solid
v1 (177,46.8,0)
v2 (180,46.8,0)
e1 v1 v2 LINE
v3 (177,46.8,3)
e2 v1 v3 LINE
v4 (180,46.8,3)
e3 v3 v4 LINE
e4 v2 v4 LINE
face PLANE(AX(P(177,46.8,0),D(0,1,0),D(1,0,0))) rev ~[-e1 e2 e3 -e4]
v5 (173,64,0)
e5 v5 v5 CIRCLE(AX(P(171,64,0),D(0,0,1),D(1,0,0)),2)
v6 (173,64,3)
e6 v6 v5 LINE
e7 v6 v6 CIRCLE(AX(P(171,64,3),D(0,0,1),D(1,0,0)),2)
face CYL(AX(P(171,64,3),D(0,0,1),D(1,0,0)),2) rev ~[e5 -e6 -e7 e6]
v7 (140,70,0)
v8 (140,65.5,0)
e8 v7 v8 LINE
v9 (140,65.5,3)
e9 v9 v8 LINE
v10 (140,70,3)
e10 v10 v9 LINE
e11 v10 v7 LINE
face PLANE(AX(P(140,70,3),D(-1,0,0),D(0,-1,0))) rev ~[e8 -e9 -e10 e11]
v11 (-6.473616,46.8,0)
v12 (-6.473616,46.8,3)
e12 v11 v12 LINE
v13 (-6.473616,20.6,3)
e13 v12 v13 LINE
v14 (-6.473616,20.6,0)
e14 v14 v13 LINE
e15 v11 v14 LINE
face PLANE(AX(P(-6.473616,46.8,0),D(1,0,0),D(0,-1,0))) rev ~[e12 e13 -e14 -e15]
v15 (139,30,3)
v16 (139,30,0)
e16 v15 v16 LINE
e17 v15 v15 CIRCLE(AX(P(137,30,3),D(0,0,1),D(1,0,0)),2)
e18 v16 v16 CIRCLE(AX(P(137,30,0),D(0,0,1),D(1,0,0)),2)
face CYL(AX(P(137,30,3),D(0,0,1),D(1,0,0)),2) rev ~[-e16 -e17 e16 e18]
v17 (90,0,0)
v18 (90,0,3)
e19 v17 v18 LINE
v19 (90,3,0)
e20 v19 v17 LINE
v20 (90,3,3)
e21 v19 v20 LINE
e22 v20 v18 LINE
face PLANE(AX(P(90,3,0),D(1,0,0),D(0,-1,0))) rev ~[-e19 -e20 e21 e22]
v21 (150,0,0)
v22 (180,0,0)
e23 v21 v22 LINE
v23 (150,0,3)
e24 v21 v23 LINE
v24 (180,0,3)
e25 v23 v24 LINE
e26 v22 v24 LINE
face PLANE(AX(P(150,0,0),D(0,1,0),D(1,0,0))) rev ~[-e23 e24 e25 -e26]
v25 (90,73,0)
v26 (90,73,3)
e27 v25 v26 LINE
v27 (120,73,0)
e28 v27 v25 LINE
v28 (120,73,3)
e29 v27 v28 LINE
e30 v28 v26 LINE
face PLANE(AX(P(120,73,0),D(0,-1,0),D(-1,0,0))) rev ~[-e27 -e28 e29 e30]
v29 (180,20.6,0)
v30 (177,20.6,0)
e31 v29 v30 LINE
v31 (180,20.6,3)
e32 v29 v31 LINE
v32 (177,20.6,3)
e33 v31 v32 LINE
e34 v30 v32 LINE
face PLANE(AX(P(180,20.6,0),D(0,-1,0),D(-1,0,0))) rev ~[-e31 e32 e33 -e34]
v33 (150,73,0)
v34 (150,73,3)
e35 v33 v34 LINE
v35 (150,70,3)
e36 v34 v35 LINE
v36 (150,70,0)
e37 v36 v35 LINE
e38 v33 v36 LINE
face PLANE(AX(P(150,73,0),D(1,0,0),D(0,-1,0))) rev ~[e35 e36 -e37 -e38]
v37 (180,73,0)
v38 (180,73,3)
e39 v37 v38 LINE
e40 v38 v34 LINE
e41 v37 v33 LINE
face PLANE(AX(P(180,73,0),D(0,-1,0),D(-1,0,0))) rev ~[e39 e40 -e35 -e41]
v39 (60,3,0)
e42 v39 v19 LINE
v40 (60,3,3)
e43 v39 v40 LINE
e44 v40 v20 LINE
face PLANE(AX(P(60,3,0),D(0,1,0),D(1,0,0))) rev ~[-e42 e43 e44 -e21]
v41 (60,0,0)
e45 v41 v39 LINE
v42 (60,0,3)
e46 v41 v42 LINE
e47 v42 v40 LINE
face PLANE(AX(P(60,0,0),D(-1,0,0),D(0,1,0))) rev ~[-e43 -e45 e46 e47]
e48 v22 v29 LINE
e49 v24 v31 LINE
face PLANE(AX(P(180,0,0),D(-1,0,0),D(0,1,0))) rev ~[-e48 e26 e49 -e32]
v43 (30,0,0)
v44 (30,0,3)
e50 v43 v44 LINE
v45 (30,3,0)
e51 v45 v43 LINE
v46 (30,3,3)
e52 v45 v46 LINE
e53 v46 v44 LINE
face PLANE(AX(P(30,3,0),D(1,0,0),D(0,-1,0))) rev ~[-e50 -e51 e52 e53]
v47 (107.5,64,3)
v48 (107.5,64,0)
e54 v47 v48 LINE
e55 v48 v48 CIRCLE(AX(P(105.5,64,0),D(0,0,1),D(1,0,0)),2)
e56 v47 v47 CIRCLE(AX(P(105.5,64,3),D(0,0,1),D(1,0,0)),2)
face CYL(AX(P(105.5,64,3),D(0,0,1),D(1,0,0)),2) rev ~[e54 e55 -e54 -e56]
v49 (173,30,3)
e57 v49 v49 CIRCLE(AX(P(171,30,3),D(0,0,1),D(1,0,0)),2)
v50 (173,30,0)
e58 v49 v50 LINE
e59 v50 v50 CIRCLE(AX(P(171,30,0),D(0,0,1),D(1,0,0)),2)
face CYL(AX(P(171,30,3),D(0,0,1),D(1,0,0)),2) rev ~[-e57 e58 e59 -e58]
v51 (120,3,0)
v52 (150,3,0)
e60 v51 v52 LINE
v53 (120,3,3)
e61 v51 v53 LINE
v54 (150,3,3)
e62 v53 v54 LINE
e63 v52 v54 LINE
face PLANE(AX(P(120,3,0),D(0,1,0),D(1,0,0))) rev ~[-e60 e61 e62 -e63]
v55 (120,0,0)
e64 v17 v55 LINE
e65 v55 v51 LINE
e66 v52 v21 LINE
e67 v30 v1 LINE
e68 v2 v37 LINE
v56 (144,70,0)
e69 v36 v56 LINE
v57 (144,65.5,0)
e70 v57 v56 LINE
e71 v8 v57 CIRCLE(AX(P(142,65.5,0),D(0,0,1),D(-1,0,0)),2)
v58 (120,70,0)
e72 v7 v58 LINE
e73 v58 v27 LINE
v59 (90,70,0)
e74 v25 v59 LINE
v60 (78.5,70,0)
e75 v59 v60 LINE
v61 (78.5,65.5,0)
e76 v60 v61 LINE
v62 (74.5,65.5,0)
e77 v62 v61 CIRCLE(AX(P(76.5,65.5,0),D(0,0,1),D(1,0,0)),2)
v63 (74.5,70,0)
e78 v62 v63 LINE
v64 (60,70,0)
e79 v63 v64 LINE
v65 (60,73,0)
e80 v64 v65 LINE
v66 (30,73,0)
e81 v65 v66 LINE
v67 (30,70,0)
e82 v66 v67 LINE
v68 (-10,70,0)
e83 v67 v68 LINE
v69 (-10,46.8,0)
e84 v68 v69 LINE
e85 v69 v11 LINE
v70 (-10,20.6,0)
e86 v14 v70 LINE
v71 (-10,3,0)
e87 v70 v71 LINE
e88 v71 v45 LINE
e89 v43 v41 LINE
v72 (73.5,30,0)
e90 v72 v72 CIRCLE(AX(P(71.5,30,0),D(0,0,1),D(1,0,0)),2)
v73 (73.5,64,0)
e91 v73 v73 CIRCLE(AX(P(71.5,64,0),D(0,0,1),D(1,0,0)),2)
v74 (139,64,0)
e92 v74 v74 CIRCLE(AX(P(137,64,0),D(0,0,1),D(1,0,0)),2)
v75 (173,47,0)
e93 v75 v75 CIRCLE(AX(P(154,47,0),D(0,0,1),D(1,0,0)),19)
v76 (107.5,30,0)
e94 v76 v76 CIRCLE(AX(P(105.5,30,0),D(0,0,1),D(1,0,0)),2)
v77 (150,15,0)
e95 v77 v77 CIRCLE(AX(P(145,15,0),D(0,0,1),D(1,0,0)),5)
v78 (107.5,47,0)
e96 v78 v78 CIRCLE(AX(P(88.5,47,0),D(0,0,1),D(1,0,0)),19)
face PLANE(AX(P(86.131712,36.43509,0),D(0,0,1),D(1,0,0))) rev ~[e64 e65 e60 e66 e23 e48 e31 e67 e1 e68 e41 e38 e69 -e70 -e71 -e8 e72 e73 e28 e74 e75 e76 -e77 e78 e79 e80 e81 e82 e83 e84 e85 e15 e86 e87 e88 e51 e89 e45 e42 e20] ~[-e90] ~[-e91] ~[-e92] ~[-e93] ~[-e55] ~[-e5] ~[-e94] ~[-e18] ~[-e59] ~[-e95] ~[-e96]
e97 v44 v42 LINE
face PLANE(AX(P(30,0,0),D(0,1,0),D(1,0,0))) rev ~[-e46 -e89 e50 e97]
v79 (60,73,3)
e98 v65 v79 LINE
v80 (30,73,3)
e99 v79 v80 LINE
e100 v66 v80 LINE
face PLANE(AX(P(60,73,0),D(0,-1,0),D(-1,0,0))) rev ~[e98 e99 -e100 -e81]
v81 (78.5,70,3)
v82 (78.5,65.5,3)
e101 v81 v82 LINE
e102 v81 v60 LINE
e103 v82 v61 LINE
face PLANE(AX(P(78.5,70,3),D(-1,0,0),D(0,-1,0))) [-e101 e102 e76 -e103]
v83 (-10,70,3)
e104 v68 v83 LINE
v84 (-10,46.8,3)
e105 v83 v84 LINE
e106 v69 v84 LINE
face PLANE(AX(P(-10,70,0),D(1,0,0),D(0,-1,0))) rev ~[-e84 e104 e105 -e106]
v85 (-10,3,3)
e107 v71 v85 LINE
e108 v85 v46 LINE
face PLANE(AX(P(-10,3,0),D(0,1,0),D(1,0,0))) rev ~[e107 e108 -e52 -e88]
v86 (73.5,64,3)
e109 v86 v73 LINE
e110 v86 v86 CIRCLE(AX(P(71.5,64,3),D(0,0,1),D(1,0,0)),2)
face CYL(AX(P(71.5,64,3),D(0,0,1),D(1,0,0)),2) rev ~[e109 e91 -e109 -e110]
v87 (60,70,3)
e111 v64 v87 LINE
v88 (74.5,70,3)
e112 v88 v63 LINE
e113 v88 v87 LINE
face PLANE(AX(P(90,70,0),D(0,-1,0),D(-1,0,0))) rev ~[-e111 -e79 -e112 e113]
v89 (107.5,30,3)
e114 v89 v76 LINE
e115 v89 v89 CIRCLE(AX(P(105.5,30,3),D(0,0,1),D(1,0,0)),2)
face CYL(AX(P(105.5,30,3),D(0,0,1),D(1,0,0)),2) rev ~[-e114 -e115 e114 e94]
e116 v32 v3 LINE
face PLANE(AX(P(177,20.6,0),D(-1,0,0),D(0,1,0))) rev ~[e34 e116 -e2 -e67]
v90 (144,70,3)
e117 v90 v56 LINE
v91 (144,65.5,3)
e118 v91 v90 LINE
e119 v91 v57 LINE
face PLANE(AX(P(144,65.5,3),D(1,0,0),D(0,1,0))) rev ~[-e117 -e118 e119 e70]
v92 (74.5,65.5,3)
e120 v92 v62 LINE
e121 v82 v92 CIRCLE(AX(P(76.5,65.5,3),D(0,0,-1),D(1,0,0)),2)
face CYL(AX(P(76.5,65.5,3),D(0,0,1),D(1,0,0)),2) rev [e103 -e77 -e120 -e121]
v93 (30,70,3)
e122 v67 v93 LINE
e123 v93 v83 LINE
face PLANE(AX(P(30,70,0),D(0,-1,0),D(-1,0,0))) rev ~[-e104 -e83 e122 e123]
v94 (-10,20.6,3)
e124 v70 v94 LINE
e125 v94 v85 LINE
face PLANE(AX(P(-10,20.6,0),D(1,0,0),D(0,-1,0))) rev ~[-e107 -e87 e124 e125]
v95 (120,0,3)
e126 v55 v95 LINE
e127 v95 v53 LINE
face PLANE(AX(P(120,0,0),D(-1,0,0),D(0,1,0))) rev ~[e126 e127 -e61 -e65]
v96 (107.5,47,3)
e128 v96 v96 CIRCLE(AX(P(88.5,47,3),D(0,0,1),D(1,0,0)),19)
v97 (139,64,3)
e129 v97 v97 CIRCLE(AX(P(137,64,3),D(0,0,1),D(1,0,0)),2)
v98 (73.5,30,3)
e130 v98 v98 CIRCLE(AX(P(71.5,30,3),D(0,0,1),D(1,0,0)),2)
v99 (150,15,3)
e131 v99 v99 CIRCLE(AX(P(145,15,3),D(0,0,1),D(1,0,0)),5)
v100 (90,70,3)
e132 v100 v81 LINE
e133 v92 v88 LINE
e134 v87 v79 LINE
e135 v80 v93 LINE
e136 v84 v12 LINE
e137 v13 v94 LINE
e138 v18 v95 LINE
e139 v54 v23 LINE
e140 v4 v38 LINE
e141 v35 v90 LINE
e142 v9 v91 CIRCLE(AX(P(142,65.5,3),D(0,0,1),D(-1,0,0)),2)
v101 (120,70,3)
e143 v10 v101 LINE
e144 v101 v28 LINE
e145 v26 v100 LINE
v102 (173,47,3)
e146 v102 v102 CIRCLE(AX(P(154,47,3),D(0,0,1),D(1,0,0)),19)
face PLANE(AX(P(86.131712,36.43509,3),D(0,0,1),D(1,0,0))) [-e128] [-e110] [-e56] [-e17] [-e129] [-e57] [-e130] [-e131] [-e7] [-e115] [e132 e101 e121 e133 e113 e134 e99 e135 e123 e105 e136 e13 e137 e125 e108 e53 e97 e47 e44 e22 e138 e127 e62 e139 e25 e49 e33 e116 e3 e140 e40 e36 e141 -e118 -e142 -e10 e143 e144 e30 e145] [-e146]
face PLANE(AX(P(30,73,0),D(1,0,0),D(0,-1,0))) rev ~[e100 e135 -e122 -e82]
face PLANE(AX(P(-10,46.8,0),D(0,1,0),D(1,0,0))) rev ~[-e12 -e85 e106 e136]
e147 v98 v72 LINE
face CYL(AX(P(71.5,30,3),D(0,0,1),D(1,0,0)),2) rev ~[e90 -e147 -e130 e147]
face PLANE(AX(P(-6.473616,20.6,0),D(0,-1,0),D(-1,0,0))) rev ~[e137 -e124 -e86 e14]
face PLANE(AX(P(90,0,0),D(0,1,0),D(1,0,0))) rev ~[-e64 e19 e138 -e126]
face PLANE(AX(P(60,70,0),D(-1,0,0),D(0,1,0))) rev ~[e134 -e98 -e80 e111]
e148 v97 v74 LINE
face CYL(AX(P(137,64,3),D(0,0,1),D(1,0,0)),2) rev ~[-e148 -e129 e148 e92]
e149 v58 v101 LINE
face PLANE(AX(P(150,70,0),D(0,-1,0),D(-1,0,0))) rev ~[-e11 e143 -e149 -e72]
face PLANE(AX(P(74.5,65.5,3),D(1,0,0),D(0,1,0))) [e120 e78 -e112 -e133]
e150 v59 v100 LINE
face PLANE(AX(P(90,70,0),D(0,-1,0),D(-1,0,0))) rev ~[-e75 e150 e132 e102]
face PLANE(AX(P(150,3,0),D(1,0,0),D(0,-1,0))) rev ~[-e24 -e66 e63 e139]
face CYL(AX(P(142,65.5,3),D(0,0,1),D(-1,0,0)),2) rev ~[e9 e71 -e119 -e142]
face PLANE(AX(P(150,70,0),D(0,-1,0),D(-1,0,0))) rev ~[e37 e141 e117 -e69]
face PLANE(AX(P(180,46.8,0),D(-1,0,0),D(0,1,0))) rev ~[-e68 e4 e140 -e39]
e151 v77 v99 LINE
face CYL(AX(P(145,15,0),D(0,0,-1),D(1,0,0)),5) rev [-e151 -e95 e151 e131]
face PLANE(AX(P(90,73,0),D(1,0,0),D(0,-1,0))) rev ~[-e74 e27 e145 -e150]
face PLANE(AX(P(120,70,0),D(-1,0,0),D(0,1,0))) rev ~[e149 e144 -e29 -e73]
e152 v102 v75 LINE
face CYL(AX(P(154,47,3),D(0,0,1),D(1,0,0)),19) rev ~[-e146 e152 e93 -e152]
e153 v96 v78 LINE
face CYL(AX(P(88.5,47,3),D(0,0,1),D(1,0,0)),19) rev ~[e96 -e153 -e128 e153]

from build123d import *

# Parameters (mm, degrees)
SKETCH1_R           = 5
BOSS_EXTRUDE1_DEPTH = 3
SKETCH2_R           = 2
SKETCH2_R_2         = 19
SKETCH2_W           = 4
SKETCH2_H           = 3
CUT_EXTRUDE1_DEPTH  = 10


with BuildPart() as part:
    # Sketch1 → Boss-Extrude1 (new body)
    with BuildSketch(Plane.XY):
        Polygon((30, 70), (0, 70), (-10, 70), (-10, 46.8), (-6.473616306, 46.8), (-6.473616306, 20.6), (-10, 20.6), (-10, 3), (0, 3), (30, 3), (30, 0), (60, 0), (60, 3), (90, 3), (90, 0), (120, 0), (120, 3), (150, 3), (150, 0), (180, 0), (180, 20.6), (177, 20.6), (177, 46.8), (180, 46.8), (180, 73), (150, 73), (150, 70), (120, 70), (120, 73), (90, 73), (90, 70), (60, 70), (60, 73), (30, 73), align=None)
        with Locations((145, 15)):
            Circle(SKETCH1_R, mode=Mode.SUBTRACT)
    extrude(amount=BOSS_EXTRUDE1_DEPTH)

    # Sketch2 → Cut-Extrude1 (cut)
    with BuildSketch(Plane.XY.offset(3)):
        with Locations((105.5, 64)):
            Circle(SKETCH2_R)
        with Locations((154, 47)):
            Circle(SKETCH2_R_2)
        with Locations((88.5, 47)):
            Circle(SKETCH2_R_2)
        with Locations((142, 68.5)):
            Rectangle(SKETCH2_W, SKETCH2_H)
        with BuildLine():
            Line((144, 67), (140, 67))
            Line((140, 67), (140, 65.5))
            ThreePointArc((140, 65.5), (142, 63.5), (144, 65.5))
            Line((144, 65.5), (144, 67))
        make_face()
        with Locations((71.5, 64)):
            Circle(SKETCH2_R)
        with Locations((71.5, 30)):
            Circle(SKETCH2_R)
        with Locations((105.5, 30)):
            Circle(SKETCH2_R)
        with Locations((137, 30)):
            Circle(SKETCH2_R)
        with Locations((171, 30)):
            Circle(SKETCH2_R)
        with Locations((171, 64)):
            Circle(SKETCH2_R)
        with Locations((137, 64)):
            Circle(SKETCH2_R)
        with BuildLine():
            Line((74.5, 70), (78.5, 70))
            Line((78.5, 70), (78.5, 65.5))
            ThreePointArc((78.5, 65.5), (76.5, 63.5), (74.5, 65.5))
            Line((74.5, 65.5), (74.5, 70))
        make_face()
    extrude(amount=-CUT_EXTRUDE1_DEPTH, mode=Mode.SUBTRACT)


solid = part.part
